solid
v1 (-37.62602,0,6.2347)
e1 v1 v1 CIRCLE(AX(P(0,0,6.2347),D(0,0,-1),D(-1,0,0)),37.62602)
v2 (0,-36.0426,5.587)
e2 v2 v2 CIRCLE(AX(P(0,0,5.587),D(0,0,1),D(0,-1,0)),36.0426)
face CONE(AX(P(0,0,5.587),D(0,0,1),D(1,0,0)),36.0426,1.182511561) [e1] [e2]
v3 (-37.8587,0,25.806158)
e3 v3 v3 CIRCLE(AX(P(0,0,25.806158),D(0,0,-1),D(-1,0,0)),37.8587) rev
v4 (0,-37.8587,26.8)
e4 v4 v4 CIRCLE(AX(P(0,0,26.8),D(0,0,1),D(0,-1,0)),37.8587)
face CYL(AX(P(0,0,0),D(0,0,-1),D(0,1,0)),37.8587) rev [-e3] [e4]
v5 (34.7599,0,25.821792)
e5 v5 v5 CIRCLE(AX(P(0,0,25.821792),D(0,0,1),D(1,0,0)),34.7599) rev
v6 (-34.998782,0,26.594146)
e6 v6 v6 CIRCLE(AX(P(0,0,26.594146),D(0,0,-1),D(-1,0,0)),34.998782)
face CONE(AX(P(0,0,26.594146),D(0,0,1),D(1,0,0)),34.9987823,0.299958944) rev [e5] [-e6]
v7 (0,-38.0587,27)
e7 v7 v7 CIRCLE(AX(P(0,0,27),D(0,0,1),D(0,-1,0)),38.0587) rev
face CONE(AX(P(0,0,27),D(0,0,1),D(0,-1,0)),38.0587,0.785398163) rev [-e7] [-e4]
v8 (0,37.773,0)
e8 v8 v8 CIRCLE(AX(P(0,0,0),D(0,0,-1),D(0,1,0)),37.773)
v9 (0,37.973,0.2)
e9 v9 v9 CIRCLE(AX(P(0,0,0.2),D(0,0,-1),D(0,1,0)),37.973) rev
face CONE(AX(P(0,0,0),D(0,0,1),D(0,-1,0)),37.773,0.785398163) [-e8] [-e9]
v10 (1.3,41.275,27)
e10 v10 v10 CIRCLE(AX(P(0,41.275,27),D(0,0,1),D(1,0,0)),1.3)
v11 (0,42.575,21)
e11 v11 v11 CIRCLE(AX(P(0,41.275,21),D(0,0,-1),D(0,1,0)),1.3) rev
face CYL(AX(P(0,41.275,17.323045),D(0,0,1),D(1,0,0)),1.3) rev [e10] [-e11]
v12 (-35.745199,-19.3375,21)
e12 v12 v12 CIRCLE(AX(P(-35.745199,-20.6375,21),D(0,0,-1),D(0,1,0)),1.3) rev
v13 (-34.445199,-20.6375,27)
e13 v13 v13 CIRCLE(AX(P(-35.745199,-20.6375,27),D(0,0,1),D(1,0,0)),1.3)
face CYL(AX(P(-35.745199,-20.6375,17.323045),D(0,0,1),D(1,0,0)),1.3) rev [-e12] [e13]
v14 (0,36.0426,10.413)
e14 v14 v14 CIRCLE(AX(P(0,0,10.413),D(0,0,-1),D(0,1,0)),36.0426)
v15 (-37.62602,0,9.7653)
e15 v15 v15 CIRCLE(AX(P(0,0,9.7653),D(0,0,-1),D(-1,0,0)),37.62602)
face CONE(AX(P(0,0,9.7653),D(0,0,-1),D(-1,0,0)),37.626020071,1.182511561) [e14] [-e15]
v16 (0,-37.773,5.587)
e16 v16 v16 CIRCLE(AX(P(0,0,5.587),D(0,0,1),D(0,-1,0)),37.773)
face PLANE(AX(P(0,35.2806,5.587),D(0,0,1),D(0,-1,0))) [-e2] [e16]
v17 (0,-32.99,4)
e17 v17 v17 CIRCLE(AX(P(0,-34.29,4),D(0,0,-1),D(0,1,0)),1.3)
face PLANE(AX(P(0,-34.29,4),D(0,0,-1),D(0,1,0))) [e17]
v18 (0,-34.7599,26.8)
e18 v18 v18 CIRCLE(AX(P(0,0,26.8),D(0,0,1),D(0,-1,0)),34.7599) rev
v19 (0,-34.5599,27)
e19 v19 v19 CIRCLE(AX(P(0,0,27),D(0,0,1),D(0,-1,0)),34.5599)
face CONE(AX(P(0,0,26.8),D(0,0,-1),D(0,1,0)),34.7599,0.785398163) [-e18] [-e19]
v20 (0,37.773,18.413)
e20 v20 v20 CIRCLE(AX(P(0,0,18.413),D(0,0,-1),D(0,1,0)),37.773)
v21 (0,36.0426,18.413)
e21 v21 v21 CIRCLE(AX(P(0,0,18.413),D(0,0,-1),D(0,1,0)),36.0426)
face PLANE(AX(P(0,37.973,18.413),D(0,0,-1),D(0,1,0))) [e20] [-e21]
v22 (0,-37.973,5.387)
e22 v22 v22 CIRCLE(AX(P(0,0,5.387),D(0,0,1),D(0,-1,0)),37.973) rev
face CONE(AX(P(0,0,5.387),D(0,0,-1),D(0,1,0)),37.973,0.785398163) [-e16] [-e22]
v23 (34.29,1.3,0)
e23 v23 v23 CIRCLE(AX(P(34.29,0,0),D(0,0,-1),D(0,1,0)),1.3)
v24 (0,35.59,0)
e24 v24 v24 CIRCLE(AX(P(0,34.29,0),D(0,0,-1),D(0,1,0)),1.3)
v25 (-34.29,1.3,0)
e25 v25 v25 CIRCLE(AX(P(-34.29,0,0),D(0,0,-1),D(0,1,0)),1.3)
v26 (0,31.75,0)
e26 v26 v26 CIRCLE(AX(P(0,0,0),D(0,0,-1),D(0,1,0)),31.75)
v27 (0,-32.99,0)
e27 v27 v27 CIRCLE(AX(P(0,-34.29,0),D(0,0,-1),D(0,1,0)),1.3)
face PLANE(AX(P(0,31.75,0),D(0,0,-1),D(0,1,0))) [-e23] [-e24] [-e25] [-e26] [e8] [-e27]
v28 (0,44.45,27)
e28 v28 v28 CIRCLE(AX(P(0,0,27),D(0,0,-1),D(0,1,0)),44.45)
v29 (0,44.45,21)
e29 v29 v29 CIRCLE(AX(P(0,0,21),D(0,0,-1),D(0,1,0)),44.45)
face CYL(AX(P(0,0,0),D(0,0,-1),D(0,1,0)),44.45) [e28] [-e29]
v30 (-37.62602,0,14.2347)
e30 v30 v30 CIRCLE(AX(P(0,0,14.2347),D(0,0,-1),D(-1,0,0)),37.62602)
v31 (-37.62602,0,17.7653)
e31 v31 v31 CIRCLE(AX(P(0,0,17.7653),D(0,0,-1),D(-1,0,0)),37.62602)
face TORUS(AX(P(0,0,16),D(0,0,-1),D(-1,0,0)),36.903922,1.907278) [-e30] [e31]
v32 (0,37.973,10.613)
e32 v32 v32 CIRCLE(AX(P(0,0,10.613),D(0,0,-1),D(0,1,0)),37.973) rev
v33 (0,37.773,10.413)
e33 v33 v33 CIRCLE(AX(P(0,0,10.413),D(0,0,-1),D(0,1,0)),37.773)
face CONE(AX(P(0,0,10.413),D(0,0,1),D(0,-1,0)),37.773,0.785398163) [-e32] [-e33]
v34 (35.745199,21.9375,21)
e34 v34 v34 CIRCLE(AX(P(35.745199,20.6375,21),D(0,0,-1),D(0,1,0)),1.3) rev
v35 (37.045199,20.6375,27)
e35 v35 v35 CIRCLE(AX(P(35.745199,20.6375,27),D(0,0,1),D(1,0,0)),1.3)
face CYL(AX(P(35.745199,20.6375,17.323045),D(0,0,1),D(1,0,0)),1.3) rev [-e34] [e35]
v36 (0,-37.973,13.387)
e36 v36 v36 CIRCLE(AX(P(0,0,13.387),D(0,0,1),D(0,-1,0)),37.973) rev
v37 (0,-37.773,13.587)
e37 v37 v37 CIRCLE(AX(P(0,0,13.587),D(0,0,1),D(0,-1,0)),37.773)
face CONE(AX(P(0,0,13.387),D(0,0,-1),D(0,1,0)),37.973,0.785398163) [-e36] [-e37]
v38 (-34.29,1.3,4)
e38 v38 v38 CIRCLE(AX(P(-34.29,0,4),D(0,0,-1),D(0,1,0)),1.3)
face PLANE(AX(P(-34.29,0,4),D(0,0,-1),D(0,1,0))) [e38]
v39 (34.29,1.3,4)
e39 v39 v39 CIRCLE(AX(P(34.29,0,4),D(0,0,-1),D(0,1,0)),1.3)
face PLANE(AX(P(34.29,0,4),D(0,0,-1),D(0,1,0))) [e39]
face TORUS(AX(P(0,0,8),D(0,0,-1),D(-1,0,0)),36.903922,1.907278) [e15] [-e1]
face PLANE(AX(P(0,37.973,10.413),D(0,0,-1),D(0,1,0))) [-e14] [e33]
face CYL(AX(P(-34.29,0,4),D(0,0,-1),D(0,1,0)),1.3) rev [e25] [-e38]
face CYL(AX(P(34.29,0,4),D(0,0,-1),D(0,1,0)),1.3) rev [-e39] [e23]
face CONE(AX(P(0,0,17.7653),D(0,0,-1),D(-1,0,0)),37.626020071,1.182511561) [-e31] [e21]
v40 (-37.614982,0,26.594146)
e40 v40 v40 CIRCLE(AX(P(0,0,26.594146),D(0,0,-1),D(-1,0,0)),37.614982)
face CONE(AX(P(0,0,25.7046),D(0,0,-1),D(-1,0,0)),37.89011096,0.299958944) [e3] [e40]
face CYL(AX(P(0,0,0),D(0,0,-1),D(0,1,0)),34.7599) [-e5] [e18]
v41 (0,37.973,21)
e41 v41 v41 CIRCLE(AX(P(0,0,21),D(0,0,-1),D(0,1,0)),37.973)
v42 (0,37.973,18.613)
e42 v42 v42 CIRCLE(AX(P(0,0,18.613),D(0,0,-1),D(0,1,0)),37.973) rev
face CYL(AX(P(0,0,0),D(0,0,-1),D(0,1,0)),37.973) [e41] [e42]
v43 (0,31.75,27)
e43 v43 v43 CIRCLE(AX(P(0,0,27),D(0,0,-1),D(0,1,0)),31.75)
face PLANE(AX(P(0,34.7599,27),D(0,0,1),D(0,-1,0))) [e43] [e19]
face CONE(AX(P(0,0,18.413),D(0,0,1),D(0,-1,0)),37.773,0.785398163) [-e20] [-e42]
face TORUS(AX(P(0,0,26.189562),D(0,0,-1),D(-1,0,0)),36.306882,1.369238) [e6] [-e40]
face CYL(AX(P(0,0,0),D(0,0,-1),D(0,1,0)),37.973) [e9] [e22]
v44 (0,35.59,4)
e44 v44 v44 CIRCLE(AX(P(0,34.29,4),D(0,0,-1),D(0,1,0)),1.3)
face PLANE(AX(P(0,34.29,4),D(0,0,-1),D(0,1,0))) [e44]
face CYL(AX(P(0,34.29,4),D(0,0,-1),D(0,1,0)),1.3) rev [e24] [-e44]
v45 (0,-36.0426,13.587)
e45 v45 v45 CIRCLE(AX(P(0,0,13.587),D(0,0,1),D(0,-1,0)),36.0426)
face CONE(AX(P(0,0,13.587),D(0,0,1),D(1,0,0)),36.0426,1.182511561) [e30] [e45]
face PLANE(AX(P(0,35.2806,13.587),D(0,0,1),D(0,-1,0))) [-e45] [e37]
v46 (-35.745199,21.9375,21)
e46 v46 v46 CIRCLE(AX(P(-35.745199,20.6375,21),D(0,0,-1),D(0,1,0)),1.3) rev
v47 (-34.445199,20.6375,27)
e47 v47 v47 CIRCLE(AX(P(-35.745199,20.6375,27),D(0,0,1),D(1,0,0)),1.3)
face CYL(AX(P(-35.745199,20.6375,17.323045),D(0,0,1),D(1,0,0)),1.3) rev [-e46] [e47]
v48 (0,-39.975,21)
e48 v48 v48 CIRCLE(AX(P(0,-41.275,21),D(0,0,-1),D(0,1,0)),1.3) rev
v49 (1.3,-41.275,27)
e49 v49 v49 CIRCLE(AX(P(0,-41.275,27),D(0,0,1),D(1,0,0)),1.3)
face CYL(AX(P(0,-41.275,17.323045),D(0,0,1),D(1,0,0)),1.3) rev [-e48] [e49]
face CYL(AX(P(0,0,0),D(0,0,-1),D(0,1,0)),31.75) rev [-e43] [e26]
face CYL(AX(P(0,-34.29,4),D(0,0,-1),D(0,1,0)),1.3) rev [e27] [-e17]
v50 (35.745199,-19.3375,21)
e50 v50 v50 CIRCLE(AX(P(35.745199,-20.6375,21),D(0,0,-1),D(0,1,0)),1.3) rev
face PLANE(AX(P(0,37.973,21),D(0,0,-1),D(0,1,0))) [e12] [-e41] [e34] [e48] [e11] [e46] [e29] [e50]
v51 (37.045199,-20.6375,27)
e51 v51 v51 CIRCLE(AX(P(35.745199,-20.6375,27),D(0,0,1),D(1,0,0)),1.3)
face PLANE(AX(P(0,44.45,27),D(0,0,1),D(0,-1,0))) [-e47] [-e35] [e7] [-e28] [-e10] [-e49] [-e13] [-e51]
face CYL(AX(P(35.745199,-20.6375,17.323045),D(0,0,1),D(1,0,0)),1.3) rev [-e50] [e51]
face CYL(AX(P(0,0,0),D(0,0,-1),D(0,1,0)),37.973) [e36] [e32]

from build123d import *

# Parameters (mm, degrees)
SKETCH2_R          = 1.3
CUT_EXTRUDE1_DEPTH = 6
CHAMFER1_SIZE      = 0.2
SKETCH3_R          = 1.3
CUT_EXTRUDE2_DEPTH = 4


with BuildPart() as part:
    # Sketch1 → Revolve1 (revolve)
    with BuildSketch(Plane(origin=(0, 0, 0), x_dir=(0, 0, -1), z_dir=(1, 0, 0))):
        Polygon((0, 37.973), (-5.587, 37.973), (-5.587, 35.2806), (-10.413, 35.2806), (-10.413, 37.973), (-13.587, 37.973), (-13.587, 35.2806), (-18.413, 35.2806), (-18.413, 37.973), (-21, 37.973), (-21, 44.45), (-27, 44.45), (-27, 37.8587), (-24.9426, 37.8587), (-24.9426, 34.7599), (-27, 34.7599), (-27, 31.75), (0, 31.75), align=None)
    revolve(axis=Axis((0, 0, 0), (0, 0, 1)))

    # Sketch2 → Cut-Extrude1 (cut)
    with BuildSketch(Plane.XY.offset(27)):
        with Locations((0, 41.275)):
            Circle(SKETCH2_R)
        with Locations((35.745198541, 20.6375)):
            Circle(SKETCH2_R)
        with Locations((35.745198541, -20.6375)):
            Circle(SKETCH2_R)
        with Locations((0, -41.275)):
            Circle(SKETCH2_R)
        with Locations((-35.745198541, -20.6375)):
            Circle(SKETCH2_R)
        with Locations((-35.745198541, 20.6375)):
            Circle(SKETCH2_R)
    extrude(amount=-CUT_EXTRUDE1_DEPTH, mode=Mode.SUBTRACT)

    # Chamfer1
    chamfer1_edges = [part.edges().sort_by_distance(p)[0] for p in [
        (0, -34.7599, 27),
        (0, -37.8587, 27),
        (0, -37.973, 18.413),
        (0, -37.973, 13.587),
        (0, -37.973, 10.413),
        (0, -37.973, 5.587),
        (0, -37.973, 0),
    ]]
    chamfer(chamfer1_edges, length=CHAMFER1_SIZE)

    # Sketch3 → Cut-Extrude2 (cut)
    with BuildSketch(Plane(origin=(0, 0, 0), x_dir=(-1, 0, 0), z_dir=(0, 0, -1))):
        with Locations((-34.29, 0)):
            Circle(SKETCH3_R)
        with Locations((0, 34.29)):
            Circle(SKETCH3_R)
        with Locations((34.29, 0)):
            Circle(SKETCH3_R)
        with Locations((0, -34.29)):
            Circle(SKETCH3_R)
    extrude(amount=-CUT_EXTRUDE2_DEPTH, mode=Mode.SUBTRACT)

    # Sketch4 → Revolve2 (revolve)
    with BuildSketch(Plane(origin=(0, 0, 0), x_dir=(0, 0, -1), z_dir=(1, 0, 0))):
        with BuildLine():
            Line((-13.587, 36.0426), (-14.2347, 37.626020071))
            ThreePointArc((-14.2347, 37.626020071), (-16, 38.8112), (-17.7653, 37.626020071))
            Line((-17.7653, 37.626020071), (-18.413, 36.0426))
            Line((-18.413, 36.0426), (-18.413, 35.2806))
            Line((-18.413, 35.2806), (-13.587, 35.2806))
            Line((-13.587, 35.2806), (-13.587, 36.0426))
        make_face()
        with BuildLine():
            Line((-5.587, 36.0426), (-6.2347, 37.626020071))
            ThreePointArc((-6.2347, 37.626020071), (-8, 38.8112), (-9.7653, 37.626020071))
            Line((-9.7653, 37.626020071), (-10.413, 36.0426))
            Line((-10.413, 36.0426), (-10.413, 35.2806))
            Line((-10.413, 35.2806), (-5.587, 35.2806))
            Line((-5.587, 35.2806), (-5.587, 36.0426))
        make_face()
        with BuildLine():
            Line((-24.9426, 37.89011096), (-25.7046, 37.89011096))
            Line((-25.7046, 37.89011096), (-26.594145523, 37.6149823))
            ThreePointArc((-26.594145523, 37.6149823), (-27.5588, 36.3068823), (-26.594145523, 34.9987823))
            Line((-26.594145523, 34.9987823), (-25.7046, 34.72365364))
            Line((-25.7046, 34.72365364), (-24.9426, 34.72365364))
            Line((-24.9426, 34.72365364), (-24.9426, 37.89011096))
        make_face()
    revolve(axis=Axis((0, 0, 0), (0, 0, 1)))


solid = part.part
